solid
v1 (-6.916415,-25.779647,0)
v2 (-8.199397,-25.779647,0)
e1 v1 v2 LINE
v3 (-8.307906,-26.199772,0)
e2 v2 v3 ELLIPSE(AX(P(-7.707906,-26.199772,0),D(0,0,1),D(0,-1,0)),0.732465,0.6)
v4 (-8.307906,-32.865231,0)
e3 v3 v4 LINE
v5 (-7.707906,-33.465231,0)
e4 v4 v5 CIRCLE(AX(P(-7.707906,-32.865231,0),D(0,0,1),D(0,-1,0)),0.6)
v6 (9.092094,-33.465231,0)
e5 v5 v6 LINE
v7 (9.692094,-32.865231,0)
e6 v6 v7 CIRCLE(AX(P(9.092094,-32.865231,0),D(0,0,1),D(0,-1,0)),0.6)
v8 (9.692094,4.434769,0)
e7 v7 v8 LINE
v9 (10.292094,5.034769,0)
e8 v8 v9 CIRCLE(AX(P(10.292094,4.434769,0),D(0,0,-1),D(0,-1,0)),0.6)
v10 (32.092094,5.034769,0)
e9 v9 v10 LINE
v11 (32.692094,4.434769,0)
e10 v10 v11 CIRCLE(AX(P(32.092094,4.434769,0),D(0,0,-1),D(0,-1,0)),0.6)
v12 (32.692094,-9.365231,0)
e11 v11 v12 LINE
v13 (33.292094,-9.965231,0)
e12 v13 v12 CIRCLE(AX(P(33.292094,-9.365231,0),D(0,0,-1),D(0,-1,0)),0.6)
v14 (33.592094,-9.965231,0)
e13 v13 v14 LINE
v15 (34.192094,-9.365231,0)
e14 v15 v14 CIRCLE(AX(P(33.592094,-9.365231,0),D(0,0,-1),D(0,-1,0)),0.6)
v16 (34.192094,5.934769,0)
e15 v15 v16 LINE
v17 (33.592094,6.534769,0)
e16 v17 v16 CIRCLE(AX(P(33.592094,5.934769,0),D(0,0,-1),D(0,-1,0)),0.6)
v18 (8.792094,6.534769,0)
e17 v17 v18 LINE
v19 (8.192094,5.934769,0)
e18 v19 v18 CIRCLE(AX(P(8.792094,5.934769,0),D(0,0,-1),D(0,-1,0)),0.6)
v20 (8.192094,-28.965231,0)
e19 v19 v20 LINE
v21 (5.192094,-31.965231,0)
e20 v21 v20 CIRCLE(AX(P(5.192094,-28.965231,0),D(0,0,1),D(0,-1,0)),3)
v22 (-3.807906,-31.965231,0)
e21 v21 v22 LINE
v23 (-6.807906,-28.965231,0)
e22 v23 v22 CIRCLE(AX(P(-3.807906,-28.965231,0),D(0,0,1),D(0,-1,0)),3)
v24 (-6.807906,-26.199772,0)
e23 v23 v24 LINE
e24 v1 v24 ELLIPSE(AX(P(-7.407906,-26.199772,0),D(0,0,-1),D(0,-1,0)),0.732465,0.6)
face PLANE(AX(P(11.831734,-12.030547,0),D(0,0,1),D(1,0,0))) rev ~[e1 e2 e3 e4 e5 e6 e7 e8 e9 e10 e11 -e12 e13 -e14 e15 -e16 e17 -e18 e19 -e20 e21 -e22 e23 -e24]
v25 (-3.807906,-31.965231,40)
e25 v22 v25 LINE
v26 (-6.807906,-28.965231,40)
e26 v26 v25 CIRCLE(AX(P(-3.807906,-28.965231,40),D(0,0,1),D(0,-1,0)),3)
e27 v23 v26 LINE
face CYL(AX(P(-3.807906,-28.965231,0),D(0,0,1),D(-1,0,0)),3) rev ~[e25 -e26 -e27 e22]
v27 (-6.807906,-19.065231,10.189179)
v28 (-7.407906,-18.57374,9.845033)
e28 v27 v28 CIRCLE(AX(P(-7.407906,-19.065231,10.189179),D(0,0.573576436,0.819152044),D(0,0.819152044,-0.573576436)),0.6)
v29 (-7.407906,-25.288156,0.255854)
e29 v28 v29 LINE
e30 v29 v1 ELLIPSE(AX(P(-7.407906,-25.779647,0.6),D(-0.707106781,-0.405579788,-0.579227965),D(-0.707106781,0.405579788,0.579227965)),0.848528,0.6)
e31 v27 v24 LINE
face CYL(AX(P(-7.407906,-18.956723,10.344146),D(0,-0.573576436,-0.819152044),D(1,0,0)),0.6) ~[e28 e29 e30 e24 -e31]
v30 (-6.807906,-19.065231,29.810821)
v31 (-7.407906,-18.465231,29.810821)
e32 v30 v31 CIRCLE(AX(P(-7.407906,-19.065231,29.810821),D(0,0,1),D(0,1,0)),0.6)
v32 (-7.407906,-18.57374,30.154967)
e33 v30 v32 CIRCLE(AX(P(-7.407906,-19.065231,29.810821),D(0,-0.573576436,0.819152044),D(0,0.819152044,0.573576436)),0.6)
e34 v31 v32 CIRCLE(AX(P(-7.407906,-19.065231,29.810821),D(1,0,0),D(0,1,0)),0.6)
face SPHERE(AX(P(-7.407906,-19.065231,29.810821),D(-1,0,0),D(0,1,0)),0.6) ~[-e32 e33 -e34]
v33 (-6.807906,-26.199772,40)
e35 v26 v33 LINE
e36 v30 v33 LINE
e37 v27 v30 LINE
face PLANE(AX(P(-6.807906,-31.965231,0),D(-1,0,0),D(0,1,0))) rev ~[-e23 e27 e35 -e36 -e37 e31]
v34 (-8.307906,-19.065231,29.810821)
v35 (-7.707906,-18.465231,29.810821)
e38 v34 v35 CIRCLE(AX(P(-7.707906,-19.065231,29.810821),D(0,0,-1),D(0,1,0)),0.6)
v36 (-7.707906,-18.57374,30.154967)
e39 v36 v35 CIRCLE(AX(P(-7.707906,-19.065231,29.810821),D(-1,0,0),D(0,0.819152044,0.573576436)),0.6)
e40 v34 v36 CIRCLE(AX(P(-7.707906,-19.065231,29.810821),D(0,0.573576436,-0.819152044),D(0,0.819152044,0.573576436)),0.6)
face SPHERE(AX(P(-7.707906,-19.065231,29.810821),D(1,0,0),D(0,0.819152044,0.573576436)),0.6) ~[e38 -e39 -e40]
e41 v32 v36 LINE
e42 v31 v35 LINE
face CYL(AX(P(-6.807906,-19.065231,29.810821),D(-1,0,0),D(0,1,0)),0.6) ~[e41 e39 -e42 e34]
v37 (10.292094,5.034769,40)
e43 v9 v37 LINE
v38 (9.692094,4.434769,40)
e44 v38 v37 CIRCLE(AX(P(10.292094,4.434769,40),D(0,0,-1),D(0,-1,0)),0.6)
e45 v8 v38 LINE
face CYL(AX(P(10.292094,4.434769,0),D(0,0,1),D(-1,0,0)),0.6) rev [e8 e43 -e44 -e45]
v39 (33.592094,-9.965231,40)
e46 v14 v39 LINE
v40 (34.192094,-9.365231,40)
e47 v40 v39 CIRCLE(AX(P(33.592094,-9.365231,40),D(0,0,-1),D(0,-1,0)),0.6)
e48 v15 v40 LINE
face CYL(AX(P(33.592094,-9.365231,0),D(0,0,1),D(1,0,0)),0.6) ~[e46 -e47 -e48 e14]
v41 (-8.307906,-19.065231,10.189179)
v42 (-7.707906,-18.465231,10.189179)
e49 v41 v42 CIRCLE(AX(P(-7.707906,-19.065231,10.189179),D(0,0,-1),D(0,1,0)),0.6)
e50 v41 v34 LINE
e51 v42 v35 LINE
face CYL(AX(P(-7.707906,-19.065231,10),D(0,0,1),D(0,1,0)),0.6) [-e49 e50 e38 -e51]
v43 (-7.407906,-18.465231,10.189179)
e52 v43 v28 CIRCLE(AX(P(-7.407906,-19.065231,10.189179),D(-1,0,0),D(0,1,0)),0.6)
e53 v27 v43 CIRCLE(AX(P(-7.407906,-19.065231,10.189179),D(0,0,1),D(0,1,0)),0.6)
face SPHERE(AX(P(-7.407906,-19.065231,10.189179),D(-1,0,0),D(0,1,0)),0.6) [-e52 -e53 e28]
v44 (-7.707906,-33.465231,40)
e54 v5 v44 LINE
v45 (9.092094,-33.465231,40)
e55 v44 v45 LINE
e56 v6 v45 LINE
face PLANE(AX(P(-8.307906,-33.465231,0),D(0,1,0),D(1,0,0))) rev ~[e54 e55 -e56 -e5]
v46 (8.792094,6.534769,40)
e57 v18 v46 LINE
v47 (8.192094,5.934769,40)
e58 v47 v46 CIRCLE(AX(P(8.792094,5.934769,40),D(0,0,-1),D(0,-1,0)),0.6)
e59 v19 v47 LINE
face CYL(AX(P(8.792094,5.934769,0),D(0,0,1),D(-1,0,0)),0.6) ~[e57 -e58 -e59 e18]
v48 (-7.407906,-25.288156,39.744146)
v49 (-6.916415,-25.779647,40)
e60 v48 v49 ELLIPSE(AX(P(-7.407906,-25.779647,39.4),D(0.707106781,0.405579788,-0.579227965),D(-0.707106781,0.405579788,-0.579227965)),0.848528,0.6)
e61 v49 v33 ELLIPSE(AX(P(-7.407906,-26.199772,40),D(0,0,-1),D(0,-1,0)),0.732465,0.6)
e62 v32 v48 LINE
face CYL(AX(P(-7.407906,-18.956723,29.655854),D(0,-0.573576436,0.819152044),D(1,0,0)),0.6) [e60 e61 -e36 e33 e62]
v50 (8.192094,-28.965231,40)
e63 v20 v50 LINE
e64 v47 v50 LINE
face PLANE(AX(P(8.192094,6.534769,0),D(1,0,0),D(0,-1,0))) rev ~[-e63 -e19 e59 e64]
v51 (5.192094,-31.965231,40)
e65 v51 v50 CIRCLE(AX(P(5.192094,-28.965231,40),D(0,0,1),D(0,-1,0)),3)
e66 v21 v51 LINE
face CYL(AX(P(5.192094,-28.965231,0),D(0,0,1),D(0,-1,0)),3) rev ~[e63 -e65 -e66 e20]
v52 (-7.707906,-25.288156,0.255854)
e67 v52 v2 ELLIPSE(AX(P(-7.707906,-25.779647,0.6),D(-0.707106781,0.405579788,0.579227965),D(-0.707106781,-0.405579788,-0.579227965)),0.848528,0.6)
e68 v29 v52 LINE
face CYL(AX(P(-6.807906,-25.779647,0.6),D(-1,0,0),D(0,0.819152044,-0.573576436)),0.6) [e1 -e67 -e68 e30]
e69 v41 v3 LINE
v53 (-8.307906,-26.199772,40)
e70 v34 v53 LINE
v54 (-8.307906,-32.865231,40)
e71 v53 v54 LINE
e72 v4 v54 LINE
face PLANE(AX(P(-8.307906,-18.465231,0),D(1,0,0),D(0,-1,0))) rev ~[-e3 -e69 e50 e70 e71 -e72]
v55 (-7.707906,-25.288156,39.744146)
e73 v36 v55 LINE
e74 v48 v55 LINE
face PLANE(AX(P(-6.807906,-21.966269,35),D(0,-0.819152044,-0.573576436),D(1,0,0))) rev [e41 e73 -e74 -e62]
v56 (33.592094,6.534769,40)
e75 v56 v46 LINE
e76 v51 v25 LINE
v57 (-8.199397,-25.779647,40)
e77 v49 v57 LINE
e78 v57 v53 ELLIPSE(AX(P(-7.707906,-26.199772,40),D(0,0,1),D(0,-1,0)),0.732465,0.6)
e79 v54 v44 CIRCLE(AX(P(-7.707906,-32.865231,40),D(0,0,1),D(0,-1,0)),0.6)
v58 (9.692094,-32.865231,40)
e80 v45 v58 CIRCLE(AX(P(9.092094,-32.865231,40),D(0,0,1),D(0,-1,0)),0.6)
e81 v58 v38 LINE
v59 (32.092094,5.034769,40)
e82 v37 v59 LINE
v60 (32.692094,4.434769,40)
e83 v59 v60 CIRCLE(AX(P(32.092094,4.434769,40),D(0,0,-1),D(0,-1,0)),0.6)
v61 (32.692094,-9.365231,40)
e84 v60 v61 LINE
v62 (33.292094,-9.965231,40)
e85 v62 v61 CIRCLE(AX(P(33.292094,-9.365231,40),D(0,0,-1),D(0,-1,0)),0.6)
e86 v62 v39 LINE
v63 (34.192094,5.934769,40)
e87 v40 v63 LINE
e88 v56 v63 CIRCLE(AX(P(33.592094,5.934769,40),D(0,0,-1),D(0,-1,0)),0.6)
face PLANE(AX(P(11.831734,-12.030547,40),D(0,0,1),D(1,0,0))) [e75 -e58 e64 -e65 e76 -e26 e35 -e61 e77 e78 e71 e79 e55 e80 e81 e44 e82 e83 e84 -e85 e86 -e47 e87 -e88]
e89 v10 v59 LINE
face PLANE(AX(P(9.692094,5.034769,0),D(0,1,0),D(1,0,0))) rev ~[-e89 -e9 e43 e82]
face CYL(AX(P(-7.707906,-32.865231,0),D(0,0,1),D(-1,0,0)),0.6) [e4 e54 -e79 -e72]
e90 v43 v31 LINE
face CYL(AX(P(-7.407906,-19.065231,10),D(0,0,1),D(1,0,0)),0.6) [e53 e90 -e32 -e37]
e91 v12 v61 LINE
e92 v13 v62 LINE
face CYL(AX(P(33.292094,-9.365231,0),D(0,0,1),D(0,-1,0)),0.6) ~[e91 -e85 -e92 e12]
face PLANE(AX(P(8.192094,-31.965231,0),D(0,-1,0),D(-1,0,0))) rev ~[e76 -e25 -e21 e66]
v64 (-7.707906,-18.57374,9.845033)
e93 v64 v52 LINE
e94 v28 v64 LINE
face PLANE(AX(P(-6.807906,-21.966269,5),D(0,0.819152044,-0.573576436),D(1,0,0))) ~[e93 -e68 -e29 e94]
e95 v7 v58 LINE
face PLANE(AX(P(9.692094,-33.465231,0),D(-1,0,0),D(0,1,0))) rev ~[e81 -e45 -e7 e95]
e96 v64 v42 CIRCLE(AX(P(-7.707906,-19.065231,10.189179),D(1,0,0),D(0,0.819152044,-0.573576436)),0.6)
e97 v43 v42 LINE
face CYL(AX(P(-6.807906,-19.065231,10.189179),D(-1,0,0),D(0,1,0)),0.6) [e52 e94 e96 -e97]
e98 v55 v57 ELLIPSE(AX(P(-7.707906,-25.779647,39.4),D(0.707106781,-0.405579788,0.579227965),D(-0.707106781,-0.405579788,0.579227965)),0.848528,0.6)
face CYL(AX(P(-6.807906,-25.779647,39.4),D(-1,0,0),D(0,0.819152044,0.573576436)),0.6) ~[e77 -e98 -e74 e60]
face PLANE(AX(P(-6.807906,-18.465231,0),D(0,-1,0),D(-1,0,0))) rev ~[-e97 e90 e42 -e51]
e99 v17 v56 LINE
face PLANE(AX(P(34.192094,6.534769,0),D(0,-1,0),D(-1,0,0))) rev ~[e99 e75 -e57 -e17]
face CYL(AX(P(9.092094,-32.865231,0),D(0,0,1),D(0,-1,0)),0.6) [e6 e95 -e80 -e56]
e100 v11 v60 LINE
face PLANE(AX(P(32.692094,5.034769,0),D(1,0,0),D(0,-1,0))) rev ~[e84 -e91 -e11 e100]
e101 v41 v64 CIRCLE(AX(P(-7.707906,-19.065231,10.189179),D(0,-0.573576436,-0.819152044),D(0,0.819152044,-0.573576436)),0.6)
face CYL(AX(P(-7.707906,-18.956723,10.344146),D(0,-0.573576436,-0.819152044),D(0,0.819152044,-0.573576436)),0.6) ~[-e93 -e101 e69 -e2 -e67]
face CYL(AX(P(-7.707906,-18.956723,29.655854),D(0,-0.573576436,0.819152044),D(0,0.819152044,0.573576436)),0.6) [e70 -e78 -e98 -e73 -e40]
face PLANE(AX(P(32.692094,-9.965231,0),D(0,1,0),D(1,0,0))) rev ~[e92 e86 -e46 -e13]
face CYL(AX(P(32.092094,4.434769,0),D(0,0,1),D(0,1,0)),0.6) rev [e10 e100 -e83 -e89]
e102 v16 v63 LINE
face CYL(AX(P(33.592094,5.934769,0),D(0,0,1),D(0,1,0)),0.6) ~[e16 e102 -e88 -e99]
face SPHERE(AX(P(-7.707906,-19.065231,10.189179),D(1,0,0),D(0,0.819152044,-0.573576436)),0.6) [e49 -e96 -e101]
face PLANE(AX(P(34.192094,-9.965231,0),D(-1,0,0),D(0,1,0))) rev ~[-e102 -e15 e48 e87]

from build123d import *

# Parameters (mm, degrees)
F1_DEPTH = 40
F2_SIZE2 = 7.0020753821
F2_SIZE  = 10
F3_R     = 0.6
F4_R     = 3


with BuildPart() as f1:
    # F0 (on Top) → F1 (new body)
    with BuildSketch(Plane.XY):
        Polygon((9.6920941323, -33.465231495), (9.6920941323, 5.034768505), (32.6920941323, 5.034768505), (32.6920941323, -9.965231495), (34.1920941323, -9.965231495), (34.1920941323, 6.534768505), (8.1920941323, 6.534768505), (8.1920941323, -31.965231495), (-6.8079058677, -31.965231495), (-6.8079058677, -18.465231495), (-8.3079058677, -18.465231495), (-8.3079058677, -33.465231495), align=None)
    extrude(amount=F1_DEPTH)

    # F2
    f2_edges = [f1.edges().sort_by_distance(p)[0] for p in [
        (-7.557906, -18.465231, 40),
        (-7.557906, -18.465231, 0),
    ]]
    f2_side = f1.faces().sort_by_distance((-7.557906, -18.465231, 20))[0]
    chamfer(f2_edges, length=F2_SIZE, length2=F2_SIZE2, reference=f2_side)

    # F3
    f3_edges = [f1.edges().sort_by_distance(p)[0] for p in [
        (8.192094, 6.534769, 20),
        (9.692094, 5.034769, 20),
        (34.192094, -9.965231, 20),
        (32.692094, -9.965231, 20),
        (32.692094, 5.034769, 20),
        (34.192094, 6.534769, 20),
        (-6.807906, -18.465231, 20),
        (9.692094, -33.465231, 20),
        (-8.307906, -18.465231, 20),
        (-8.307906, -33.465231, 20),
        (-6.807906, -21.966269, 5),
        (-7.557906, -18.465231, 10),
        (-7.557906, -25.467307, 0),
        (-8.307906, -21.966269, 5),
        (-6.807906, -21.966269, 35),
        (-7.557906, -18.465231, 30),
        (-7.557906, -25.467307, 40),
        (-8.307906, -21.966269, 35),
    ]]
    fillet(f3_edges, radius=F3_R)

    # F4
    f4_edges = [f1.edges().sort_by_distance(p)[0] for p in [
        (8.192094, -31.965231, 20),
        (-6.807906, -31.965231, 20),
    ]]
    fillet(f4_edges, radius=F4_R)


solid = f1.part
